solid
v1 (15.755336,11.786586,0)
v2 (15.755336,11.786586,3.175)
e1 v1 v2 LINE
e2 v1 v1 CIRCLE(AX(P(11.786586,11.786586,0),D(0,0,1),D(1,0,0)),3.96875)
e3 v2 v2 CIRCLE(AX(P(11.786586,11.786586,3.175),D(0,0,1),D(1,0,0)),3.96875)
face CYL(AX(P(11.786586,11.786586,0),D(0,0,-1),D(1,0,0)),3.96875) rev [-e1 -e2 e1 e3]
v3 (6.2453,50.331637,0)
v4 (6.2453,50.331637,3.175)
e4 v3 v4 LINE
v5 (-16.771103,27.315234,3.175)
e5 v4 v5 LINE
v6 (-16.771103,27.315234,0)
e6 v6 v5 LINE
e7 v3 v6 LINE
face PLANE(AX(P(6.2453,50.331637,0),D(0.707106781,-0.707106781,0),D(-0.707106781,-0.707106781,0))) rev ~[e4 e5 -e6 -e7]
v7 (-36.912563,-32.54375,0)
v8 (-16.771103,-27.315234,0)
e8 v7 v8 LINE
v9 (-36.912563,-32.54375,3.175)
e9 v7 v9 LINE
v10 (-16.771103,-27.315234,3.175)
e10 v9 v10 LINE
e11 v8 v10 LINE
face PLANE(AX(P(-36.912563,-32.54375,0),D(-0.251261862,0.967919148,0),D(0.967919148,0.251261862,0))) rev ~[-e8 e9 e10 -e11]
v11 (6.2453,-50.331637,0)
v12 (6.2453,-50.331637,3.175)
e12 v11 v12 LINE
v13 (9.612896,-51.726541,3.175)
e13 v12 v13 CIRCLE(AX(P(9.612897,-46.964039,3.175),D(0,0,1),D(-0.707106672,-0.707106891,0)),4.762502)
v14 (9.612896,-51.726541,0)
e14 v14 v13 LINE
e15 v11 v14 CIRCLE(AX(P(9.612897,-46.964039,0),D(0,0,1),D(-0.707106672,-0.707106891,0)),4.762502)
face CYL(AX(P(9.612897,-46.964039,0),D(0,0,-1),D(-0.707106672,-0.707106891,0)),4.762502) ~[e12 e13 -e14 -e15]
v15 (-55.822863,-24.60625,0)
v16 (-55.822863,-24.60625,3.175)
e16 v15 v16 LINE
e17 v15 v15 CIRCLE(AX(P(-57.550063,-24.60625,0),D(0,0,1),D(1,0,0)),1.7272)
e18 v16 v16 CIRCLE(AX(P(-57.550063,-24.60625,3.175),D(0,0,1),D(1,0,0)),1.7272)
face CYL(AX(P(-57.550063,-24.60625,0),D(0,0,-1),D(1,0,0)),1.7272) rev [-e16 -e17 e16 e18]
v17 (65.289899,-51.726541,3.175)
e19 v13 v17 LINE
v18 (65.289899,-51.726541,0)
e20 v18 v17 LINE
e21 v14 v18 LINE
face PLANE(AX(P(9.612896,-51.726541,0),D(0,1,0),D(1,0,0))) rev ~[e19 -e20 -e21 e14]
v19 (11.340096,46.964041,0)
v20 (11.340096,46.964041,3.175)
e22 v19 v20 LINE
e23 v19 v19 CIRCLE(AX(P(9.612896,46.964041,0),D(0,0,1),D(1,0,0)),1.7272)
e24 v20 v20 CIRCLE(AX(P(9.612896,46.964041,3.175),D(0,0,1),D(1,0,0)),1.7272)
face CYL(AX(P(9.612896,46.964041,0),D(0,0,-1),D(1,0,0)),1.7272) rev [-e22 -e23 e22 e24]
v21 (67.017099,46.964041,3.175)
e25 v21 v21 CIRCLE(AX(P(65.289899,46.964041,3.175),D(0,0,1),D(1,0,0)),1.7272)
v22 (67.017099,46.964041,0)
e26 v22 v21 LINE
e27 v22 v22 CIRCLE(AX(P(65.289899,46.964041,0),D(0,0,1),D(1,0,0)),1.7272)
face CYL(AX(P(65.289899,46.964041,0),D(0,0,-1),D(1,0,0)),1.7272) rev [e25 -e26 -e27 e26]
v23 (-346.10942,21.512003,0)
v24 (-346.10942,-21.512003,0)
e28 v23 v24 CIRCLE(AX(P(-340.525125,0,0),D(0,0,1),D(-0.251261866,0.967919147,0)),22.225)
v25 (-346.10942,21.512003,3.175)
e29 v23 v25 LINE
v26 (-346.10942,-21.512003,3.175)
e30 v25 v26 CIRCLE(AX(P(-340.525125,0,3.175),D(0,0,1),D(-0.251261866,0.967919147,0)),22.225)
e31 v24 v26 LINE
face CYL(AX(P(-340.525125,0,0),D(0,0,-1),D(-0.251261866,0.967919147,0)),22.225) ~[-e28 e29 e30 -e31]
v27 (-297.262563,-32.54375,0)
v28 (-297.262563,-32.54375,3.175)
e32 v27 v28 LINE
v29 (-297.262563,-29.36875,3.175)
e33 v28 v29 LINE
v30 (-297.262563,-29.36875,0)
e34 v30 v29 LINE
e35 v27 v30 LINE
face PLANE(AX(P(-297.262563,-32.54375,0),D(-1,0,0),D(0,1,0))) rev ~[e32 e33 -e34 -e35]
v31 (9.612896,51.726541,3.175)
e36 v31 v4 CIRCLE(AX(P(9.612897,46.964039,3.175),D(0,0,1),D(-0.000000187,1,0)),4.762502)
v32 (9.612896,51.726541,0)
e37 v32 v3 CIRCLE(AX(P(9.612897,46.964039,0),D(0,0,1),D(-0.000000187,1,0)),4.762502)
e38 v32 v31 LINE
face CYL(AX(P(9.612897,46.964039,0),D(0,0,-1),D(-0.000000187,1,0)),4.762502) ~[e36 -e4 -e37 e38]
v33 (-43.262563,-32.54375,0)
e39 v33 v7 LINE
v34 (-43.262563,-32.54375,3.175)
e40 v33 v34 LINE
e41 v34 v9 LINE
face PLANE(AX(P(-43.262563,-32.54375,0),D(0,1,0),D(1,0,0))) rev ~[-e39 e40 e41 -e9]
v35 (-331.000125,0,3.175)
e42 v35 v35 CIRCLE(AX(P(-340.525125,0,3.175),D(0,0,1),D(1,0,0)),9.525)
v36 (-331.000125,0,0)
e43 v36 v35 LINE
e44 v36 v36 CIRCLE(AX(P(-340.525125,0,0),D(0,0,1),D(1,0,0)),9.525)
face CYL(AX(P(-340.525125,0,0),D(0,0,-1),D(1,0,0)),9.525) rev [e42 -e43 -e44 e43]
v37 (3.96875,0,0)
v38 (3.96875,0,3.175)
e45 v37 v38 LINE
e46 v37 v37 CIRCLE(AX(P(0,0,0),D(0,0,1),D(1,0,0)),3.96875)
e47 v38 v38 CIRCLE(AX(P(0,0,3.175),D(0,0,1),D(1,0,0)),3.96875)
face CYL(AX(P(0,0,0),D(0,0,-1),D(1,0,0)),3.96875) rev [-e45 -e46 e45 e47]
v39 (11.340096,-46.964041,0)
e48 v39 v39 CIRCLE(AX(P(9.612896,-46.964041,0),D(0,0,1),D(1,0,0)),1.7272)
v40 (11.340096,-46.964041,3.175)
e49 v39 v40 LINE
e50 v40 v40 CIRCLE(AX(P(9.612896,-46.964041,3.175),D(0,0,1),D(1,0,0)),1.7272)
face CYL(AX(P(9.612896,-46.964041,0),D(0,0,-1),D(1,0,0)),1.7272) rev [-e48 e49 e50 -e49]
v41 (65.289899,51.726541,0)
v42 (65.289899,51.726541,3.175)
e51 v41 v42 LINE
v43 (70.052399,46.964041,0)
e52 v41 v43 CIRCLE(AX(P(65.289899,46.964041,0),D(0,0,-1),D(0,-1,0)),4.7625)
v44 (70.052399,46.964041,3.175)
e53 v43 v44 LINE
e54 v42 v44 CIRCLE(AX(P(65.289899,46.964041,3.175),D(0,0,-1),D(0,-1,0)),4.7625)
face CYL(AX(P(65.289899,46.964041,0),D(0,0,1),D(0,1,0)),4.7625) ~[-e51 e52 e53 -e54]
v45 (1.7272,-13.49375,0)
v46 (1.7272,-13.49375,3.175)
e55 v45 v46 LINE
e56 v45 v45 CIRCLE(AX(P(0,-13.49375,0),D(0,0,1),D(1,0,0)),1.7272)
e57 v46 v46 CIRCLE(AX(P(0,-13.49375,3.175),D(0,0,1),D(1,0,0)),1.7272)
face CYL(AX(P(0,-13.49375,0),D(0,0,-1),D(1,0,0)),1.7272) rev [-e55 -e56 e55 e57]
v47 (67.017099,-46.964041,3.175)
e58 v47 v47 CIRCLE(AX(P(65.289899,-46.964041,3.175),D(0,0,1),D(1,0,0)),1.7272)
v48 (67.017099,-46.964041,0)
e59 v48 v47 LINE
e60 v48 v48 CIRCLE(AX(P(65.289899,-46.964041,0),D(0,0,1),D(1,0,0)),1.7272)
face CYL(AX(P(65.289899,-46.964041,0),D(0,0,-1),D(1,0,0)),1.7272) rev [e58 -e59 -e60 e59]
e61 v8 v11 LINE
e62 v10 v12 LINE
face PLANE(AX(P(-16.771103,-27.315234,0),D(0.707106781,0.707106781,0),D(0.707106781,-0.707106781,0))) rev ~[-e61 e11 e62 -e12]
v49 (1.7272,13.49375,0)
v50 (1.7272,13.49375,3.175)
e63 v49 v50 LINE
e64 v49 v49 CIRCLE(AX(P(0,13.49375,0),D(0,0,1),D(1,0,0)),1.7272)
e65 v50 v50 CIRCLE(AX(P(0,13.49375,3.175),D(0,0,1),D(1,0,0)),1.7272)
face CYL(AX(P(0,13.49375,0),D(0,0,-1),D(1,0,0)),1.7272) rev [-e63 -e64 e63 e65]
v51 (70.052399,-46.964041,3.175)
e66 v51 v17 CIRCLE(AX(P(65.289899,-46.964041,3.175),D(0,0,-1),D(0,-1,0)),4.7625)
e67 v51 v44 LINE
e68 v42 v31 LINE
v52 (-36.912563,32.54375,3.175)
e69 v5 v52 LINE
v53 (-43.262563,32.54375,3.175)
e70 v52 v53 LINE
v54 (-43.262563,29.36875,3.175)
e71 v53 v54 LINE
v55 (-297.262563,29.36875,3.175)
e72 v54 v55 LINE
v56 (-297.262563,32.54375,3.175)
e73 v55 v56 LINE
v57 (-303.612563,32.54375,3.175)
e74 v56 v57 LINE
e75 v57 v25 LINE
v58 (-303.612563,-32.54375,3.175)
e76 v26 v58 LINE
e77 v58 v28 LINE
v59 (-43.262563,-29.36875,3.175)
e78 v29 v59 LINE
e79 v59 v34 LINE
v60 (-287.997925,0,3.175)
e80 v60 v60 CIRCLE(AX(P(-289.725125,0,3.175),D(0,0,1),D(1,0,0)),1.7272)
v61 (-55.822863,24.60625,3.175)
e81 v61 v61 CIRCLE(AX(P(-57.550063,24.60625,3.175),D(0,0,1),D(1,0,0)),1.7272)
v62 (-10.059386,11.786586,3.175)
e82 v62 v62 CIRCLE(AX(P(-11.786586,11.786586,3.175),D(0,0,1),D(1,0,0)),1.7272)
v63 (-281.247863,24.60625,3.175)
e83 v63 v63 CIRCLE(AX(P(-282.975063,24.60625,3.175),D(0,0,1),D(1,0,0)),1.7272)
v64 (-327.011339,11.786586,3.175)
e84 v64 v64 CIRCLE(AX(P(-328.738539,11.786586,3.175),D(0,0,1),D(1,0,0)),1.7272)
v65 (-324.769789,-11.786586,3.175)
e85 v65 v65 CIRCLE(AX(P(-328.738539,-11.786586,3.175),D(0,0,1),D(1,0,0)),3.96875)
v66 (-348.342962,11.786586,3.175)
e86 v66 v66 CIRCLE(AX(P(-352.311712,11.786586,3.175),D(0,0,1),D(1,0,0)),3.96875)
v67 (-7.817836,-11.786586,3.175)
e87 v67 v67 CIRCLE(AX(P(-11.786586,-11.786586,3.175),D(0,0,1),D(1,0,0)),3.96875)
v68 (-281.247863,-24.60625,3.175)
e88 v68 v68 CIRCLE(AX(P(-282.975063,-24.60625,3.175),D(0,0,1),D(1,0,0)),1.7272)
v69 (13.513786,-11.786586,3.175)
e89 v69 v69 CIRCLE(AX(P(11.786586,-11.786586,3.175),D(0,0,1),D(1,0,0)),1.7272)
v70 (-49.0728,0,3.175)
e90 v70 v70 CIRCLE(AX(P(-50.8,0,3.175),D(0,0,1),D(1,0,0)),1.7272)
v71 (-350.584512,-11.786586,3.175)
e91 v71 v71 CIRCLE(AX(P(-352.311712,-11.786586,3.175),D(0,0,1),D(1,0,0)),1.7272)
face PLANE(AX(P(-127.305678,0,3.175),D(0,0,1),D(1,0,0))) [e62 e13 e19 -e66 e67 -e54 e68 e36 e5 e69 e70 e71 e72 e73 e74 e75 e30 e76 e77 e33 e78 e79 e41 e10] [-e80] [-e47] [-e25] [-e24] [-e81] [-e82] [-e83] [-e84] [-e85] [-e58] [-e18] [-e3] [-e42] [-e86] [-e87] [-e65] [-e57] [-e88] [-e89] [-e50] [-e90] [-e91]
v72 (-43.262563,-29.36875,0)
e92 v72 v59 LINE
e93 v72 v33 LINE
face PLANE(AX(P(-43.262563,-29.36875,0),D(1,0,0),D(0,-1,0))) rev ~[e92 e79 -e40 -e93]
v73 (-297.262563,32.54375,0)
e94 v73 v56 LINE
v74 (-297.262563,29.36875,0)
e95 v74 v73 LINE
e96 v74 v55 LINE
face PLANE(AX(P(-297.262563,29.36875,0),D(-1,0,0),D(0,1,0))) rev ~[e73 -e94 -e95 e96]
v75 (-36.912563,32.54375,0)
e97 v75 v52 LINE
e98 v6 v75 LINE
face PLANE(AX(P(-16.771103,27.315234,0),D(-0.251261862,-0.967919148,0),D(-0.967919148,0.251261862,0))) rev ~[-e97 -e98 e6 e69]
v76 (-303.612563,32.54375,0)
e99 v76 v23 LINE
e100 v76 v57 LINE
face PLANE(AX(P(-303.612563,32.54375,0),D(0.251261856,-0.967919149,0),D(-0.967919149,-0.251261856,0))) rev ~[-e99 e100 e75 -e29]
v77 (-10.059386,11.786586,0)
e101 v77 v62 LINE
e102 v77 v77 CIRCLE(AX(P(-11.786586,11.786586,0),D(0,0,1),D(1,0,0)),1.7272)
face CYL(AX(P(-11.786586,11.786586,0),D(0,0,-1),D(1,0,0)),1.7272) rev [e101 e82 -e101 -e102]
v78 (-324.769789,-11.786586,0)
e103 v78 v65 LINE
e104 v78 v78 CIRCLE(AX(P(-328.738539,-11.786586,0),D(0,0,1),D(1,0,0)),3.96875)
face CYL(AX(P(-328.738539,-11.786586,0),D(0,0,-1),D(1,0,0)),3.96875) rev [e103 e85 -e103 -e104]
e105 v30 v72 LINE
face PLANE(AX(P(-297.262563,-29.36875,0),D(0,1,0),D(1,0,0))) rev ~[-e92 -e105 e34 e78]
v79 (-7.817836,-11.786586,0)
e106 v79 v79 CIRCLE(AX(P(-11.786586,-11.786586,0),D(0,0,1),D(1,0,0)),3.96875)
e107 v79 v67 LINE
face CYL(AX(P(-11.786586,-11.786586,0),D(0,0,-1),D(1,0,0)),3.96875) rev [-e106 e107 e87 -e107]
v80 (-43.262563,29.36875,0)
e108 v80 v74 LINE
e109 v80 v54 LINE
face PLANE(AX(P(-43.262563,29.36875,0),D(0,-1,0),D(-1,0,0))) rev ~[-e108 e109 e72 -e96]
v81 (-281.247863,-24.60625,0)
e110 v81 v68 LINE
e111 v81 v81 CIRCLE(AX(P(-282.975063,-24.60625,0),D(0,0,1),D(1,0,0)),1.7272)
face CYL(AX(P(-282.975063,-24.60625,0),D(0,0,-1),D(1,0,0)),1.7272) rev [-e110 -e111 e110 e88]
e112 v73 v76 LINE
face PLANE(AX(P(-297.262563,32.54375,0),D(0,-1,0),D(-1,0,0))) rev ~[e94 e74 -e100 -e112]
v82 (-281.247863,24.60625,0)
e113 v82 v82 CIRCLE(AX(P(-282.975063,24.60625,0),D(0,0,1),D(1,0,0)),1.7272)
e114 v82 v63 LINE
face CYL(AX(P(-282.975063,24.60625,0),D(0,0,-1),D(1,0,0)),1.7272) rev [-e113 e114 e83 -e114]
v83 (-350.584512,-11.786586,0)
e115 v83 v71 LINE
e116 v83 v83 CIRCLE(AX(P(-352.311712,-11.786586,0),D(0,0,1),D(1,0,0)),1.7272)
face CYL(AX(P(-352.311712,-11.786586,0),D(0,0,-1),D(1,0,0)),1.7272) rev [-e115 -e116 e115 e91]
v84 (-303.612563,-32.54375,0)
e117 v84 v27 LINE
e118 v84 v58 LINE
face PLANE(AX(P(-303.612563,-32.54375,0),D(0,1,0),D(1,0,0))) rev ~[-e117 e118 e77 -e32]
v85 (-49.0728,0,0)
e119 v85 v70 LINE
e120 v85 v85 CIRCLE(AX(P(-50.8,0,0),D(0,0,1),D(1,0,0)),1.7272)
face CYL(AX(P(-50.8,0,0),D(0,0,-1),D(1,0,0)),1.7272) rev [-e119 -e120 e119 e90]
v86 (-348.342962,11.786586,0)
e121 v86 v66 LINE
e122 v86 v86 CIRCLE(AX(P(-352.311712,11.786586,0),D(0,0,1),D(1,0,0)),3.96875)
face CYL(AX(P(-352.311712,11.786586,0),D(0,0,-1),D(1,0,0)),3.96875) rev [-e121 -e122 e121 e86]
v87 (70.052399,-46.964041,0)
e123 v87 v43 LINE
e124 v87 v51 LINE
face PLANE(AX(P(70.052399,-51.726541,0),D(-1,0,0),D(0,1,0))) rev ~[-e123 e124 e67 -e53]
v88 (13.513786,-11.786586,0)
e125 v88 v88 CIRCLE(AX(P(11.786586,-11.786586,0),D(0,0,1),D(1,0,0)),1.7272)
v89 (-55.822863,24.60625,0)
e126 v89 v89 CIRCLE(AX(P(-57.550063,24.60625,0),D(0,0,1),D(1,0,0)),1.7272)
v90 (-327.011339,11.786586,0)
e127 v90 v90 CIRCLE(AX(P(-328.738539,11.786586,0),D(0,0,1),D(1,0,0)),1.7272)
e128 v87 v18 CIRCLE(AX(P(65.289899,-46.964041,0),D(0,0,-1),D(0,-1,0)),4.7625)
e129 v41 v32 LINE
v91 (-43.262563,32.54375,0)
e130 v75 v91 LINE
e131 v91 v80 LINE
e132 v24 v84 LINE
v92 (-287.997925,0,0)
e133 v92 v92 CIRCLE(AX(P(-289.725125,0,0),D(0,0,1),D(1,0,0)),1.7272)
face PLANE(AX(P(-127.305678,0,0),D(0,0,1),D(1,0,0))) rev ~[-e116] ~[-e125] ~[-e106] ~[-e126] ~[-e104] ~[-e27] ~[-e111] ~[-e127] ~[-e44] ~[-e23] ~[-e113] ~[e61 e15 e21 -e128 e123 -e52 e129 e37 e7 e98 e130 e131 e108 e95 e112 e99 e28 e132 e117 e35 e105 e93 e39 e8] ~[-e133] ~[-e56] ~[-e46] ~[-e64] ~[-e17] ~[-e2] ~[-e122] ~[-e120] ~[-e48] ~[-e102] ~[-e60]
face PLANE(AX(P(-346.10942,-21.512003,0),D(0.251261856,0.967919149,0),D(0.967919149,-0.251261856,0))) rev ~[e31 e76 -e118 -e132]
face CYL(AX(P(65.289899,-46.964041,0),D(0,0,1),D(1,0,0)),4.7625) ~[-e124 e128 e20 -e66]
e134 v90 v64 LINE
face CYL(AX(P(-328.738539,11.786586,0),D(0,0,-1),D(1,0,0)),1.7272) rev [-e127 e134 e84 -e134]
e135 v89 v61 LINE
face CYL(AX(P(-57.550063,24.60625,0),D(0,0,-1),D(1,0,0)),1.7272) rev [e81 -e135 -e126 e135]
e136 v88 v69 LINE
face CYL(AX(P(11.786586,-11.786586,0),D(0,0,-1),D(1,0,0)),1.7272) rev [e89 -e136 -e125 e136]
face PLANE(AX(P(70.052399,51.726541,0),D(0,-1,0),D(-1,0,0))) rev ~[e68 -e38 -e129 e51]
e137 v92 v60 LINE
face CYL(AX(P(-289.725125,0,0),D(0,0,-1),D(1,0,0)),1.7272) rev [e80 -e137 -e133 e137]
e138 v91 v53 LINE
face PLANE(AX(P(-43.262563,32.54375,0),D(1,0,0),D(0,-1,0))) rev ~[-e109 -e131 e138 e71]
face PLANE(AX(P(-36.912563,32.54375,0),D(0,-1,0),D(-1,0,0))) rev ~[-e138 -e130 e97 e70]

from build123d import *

# Parameters (mm, degrees)
F0_R     = 1.7272
F0_R_2   = 3.96875
F0_R_3   = 9.525
F1_DEPTH = 3.175
F2_R     = 4.7625


with BuildPart() as f1:
    # F0 (on Top) → F1 (new body)
    with BuildSketch(Plane.XY):
        with BuildLine():
            Line((-303.612563, 32.54375), (-346.10942, 21.512003))
            ThreePointArc((-346.10942, 21.512003), (-362.750125, 0), (-346.10942, -21.512003))
            Line((-346.10942, -21.512003), (-303.612563, -32.54375))
            Line((-303.612563, -32.54375), (-297.262563, -32.54375))
            Line((-297.262563, -32.54375), (-297.262563, -29.36875))
            Line((-297.262563, -29.36875), (-43.262563, -29.36875))
            Line((-43.262563, -29.36875), (-43.262563, -32.54375))
            Line((-43.262563, -32.54375), (-36.912563, -32.54375))
            Line((-36.912563, -32.54375), (-16.771103, -27.315234))
            Line((-16.771103, -27.315234), (6.2453, -50.331637))
            ThreePointArc((6.2453, -50.331637), (7.790366, -51.364017), (9.612896, -51.726541))
            Line((9.612896, -51.726541), (70.052399, -51.726541))
            Line((70.052399, -51.726541), (70.052399, 51.726541))
            Line((70.052399, 51.726541), (9.612896, 51.726541))
            ThreePointArc((9.612896, 51.726541), (7.790366, 51.364017), (6.2453, 50.331637))
            Line((6.2453, 50.331637), (-16.771103, 27.315234))
            Line((-16.771103, 27.315234), (-36.912563, 32.54375))
            Line((-36.912563, 32.54375), (-43.262563, 32.54375))
            Line((-43.262563, 32.54375), (-43.262563, 29.36875))
            Line((-43.262563, 29.36875), (-297.262563, 29.36875))
            Line((-297.262563, 29.36875), (-297.262563, 32.54375))
            Line((-297.262563, 32.54375), (-303.612563, 32.54375))
        make_face()
        with Locations((-282.975063, -24.60625)):
            Circle(F0_R, mode=Mode.SUBTRACT)
        with Locations((-352.311712, -11.786586)):
            Circle(F0_R, mode=Mode.SUBTRACT)
        with Locations((-328.738539, -11.786586)):
            Circle(F0_R_2, mode=Mode.SUBTRACT)
        with Locations((9.612896, -46.964041)):
            Circle(F0_R, mode=Mode.SUBTRACT)
        with Locations((65.289899, -46.964041)):
            Circle(F0_R, mode=Mode.SUBTRACT)
        with Locations((-57.550063, -24.60625)):
            Circle(F0_R, mode=Mode.SUBTRACT)
        with Locations((0, -13.49375)):
            Circle(F0_R, mode=Mode.SUBTRACT)
        with Locations((-11.786586, -11.786586)):
            Circle(F0_R_2, mode=Mode.SUBTRACT)
        with Locations((11.786586, -11.786586)):
            Circle(F0_R, mode=Mode.SUBTRACT)
        with Locations((-340.525125, 0)):
            Circle(F0_R_3, mode=Mode.SUBTRACT)
        with Locations((-352.311712, 11.786586)):
            Circle(F0_R_2, mode=Mode.SUBTRACT)
        with Locations((-328.738539, 11.786586)):
            Circle(F0_R, mode=Mode.SUBTRACT)
        with Locations((-289.725125, 0)):
            Circle(F0_R, mode=Mode.SUBTRACT)
        with Locations((-282.975063, 24.60625)):
            Circle(F0_R, mode=Mode.SUBTRACT)
        with Locations((-50.8, 0)):
            Circle(F0_R, mode=Mode.SUBTRACT)
        with Locations((-57.550063, 24.60625)):
            Circle(F0_R, mode=Mode.SUBTRACT)
        Circle(F0_R_2, mode=Mode.SUBTRACT)
        with Locations((-11.786586, 11.786586)):
            Circle(F0_R, mode=Mode.SUBTRACT)
        with Locations((11.786586, 11.786586)):
            Circle(F0_R_2, mode=Mode.SUBTRACT)
        with Locations((0, 13.49375)):
            Circle(F0_R, mode=Mode.SUBTRACT)
        with Locations((9.612896, 46.964041)):
            Circle(F0_R, mode=Mode.SUBTRACT)
        with Locations((65.289899, 46.964041)):
            Circle(F0_R, mode=Mode.SUBTRACT)
    extrude(amount=F1_DEPTH)

    # F2
    f2_edges = [f1.edges().sort_by_distance(p)[0] for p in [
        (70.052399, 51.726541, 1.5875),
        (70.052399, -51.726541, 1.5875),
    ]]
    fillet(f2_edges, radius=F2_R)


solid = f1.part
